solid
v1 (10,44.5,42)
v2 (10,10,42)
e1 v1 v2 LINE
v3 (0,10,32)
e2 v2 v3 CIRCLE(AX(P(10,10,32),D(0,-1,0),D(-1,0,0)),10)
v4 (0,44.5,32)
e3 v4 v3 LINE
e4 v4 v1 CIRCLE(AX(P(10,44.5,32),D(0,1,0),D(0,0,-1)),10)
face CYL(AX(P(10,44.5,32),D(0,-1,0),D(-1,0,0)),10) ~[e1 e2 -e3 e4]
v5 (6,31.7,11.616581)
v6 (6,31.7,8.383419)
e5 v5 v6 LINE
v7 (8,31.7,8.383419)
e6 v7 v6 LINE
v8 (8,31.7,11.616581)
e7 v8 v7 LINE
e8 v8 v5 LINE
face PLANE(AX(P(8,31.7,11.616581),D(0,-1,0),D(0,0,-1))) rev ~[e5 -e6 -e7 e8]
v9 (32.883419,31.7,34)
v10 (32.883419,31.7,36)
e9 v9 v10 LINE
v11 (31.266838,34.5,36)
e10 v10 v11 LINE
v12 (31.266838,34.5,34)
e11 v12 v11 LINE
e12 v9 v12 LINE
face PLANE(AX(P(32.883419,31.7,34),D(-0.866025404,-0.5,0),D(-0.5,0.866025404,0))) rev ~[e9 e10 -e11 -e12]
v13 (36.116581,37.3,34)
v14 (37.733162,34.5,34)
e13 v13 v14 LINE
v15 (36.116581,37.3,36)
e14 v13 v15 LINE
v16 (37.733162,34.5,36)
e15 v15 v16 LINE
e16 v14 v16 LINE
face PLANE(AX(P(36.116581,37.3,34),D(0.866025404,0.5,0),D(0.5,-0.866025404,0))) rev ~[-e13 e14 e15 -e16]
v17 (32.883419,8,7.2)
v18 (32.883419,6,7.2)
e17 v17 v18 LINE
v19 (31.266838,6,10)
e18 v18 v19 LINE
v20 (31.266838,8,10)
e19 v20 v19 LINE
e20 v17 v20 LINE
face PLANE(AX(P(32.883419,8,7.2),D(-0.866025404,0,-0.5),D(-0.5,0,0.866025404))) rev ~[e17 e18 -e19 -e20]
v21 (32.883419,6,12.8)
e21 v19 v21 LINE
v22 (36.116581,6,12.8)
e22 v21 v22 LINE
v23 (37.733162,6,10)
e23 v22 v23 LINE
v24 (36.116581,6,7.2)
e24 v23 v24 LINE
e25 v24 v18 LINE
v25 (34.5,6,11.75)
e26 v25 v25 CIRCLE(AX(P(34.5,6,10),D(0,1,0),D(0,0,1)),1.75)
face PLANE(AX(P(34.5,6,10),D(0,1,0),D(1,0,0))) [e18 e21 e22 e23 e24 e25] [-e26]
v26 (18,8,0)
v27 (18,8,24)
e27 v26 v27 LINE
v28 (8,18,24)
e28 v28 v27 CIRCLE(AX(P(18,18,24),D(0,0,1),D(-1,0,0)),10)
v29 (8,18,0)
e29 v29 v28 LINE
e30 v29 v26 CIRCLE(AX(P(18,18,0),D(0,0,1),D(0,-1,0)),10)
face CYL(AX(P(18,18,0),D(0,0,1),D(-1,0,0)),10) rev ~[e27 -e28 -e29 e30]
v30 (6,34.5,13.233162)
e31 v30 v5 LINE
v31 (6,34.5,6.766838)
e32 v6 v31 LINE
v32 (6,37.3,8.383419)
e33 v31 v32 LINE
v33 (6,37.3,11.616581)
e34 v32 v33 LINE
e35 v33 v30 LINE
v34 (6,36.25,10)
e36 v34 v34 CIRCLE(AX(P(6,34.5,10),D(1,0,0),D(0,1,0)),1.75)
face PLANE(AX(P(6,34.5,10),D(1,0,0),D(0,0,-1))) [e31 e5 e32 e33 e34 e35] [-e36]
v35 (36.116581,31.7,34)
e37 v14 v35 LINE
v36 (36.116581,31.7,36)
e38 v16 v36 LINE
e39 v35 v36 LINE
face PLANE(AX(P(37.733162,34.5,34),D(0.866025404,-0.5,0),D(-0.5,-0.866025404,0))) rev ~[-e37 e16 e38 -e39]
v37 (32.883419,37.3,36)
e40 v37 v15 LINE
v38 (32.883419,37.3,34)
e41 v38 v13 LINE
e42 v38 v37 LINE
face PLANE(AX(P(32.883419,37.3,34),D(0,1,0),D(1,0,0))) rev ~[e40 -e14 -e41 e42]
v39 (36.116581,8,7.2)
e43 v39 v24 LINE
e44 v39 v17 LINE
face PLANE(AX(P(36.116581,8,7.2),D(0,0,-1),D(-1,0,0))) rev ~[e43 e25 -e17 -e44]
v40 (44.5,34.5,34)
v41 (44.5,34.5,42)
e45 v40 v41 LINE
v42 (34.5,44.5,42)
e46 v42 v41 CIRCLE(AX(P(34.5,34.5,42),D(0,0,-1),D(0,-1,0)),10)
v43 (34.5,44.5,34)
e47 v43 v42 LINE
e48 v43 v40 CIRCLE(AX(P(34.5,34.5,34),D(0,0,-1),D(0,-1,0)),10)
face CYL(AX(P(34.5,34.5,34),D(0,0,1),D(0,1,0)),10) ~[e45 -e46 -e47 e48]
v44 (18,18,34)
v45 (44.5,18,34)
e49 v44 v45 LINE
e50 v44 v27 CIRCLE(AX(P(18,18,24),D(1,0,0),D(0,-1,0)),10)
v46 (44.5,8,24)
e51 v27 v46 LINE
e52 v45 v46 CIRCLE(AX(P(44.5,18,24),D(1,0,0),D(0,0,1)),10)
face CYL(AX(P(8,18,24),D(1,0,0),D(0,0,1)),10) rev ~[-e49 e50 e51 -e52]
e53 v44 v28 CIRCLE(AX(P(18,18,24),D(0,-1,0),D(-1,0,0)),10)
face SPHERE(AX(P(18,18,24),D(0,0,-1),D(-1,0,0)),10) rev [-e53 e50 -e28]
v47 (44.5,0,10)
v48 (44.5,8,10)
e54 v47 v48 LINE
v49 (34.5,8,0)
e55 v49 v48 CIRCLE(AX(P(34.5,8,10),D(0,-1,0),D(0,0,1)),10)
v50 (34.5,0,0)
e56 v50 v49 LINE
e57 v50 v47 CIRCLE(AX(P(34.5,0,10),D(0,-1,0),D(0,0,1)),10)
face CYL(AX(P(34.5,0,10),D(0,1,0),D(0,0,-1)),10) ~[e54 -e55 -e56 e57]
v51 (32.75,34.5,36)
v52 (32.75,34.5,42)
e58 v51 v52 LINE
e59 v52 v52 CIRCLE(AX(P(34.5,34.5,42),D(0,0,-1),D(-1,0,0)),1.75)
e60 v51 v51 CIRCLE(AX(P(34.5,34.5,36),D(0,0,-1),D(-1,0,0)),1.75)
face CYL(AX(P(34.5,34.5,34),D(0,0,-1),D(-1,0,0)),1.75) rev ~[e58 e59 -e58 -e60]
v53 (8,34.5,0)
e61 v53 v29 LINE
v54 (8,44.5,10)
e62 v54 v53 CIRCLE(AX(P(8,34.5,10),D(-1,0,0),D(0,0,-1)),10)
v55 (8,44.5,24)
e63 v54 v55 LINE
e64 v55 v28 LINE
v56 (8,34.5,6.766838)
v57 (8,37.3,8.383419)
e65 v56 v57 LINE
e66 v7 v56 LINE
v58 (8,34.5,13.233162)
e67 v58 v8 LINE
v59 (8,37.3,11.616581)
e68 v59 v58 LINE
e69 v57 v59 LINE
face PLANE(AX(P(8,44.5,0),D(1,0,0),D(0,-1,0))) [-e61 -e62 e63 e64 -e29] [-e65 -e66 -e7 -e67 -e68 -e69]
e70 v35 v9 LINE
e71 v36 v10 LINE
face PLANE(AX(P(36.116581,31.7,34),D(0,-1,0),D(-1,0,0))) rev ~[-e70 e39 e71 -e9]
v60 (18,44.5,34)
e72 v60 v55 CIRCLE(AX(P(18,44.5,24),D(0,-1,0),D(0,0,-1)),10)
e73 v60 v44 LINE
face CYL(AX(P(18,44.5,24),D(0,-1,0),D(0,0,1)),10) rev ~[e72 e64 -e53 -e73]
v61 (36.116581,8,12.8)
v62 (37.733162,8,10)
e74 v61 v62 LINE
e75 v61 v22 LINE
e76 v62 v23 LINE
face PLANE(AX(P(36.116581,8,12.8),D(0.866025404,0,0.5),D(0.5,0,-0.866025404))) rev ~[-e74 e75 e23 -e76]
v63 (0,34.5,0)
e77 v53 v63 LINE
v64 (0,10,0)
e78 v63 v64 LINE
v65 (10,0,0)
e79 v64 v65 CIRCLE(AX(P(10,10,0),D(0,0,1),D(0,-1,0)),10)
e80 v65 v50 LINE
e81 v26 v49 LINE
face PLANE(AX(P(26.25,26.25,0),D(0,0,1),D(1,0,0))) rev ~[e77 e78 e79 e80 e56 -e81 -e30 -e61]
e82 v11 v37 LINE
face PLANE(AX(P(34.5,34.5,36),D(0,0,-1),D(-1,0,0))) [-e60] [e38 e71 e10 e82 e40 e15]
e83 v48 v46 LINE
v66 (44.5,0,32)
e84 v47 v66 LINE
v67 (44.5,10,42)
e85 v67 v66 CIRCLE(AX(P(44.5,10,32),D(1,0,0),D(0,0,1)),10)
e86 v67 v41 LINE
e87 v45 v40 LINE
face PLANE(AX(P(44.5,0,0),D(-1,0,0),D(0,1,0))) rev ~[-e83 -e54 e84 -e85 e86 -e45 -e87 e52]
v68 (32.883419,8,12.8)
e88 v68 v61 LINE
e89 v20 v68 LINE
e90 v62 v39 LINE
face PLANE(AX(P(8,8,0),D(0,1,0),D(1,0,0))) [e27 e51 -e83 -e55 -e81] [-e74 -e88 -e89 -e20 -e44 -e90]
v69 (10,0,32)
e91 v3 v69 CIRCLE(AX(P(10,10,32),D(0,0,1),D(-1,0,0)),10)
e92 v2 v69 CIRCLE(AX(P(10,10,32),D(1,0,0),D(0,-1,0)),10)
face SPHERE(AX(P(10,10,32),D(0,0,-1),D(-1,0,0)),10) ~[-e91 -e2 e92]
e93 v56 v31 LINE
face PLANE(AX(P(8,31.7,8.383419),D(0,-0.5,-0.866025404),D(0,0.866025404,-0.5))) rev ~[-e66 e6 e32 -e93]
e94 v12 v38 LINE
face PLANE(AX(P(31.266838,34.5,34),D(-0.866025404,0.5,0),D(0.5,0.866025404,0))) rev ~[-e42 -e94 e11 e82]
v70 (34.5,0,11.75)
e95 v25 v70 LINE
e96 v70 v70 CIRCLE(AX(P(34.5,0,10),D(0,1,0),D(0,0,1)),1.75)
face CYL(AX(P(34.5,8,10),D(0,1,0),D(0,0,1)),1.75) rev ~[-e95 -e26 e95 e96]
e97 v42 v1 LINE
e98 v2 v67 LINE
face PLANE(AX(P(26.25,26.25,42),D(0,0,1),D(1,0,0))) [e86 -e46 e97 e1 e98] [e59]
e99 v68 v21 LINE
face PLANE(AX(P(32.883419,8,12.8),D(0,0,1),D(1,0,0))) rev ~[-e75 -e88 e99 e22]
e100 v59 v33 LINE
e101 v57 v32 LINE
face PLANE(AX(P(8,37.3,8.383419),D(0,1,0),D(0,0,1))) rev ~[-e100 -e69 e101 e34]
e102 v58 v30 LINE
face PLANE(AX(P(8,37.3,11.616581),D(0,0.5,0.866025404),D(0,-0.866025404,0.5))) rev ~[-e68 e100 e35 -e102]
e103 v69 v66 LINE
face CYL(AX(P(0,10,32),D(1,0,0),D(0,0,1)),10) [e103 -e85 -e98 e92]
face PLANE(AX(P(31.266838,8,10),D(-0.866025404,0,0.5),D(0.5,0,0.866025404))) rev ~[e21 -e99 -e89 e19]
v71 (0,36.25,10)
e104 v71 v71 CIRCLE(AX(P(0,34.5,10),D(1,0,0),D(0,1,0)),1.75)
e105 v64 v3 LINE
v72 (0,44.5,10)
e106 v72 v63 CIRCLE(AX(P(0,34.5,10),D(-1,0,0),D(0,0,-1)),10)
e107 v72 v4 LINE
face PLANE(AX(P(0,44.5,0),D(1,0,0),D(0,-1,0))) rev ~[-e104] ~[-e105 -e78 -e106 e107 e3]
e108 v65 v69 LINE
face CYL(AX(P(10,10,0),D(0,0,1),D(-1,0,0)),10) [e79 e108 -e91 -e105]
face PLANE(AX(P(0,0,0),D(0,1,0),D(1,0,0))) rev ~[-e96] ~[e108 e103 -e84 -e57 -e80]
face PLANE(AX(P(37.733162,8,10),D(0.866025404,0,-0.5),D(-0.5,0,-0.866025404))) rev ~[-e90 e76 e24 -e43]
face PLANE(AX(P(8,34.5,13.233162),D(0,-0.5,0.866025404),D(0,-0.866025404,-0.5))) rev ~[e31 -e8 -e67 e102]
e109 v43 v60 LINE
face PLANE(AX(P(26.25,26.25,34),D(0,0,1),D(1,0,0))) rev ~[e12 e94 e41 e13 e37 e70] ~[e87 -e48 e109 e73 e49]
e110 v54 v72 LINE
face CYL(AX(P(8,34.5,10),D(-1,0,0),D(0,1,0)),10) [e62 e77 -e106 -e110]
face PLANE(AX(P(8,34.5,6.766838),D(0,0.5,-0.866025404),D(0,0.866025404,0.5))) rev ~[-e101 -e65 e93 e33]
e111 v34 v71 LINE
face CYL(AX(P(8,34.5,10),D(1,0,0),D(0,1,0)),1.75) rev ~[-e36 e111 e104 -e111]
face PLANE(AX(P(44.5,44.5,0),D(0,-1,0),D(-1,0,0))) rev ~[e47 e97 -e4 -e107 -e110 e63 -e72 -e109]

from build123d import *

# Parameters (mm, degrees)
SKETCH1_W           = 4
SKETCH1_H           = 10
SKETCH1_H_2         = 30.5
SKETCH1_W_2         = 34.5
SKETCH1_H_3         = 4
SKETCH1_W_3         = 26.5
SKETCH1_W_4         = 10
BOSS_EXTRUDE1_DEPTH = 42
CUT_EXTRUDE1_DEPTH  = 34
SKETCH3_R           = 1.75
CUT_EXTRUDE2_DEPTH  = 72.529714105
SKETCH3_3_R         = 1.75
CUT_EXTRUDE3_DEPTH  = 2
SKETCH4_R           = 1.75
CUT_EXTRUDE4_DEPTH  = 72.249561402
SKETCH4_3_R         = 1.75
CUT_EXTRUDE5_DEPTH  = 2
SKETCH5_R           = 1.75
CUT_EXTRUDE6_DEPTH  = 72.249561402
SKETCH5_3_R         = 1.75
CUT_EXTRUDE7_DEPTH  = 2
FILLET1_R           = 10


with BuildPart() as part:
    # Sketch1 → Boss-Extrude1 (new body)
    with BuildSketch(Plane.XY):
        Polygon((8, 8), (34.5, 8), (44.5, 8), (44.5, 44.5), (8, 44.5), (8, 34.5), align=None)
        with Locations((6, 39.5)):
            Rectangle(SKETCH1_W, SKETCH1_H)
        with Locations((2, 39.5)):
            Rectangle(SKETCH1_W, SKETCH1_H)
        with Locations((2, 19.25)):
            Rectangle(SKETCH1_W, SKETCH1_H_2)
        Polygon((4, 34.5), (4, 4), (8, 4), (8, 8), (8, 34.5), align=None)
        with Locations((17.25, 2)):
            Rectangle(SKETCH1_W_2, SKETCH1_H_3)
        with Locations((21.25, 6)):
            Rectangle(SKETCH1_W_3, SKETCH1_H_3)
        with Locations((39.5, 6)):
            Rectangle(SKETCH1_W_4, SKETCH1_H_3)
        with Locations((39.5, 2)):
            Rectangle(SKETCH1_W_4, SKETCH1_H_3)
    extrude(amount=BOSS_EXTRUDE1_DEPTH)

    # Sketch1<3> → Cut-Extrude1 (cut)
    with BuildSketch(Plane.XY):
        Polygon((8, 8), (34.5, 8), (44.5, 8), (44.5, 44.5), (8, 44.5), (8, 34.5), align=None)
    extrude(amount=CUT_EXTRUDE1_DEPTH, mode=Mode.SUBTRACT)

    # Sketch3 → Cut-Extrude2 (cut, through all)
    with BuildSketch(Plane(origin=(0, 0, 34), x_dir=(-1, 0, 0), z_dir=(0, 0, -1))):
        with Locations((-34.5, 34.5)):
            Circle(SKETCH3_R)
    extrude(amount=-CUT_EXTRUDE2_DEPTH, mode=Mode.SUBTRACT)

    # Sketch3<3> → Cut-Extrude3 (cut)
    with BuildSketch(Plane(origin=(0, 0, 34), x_dir=(-1, 0, 0), z_dir=(0, 0, -1))):
        Polygon((-31.266838493, 34.5), (-32.883419246, 37.3), (-36.116580754, 37.3), (-37.733161507, 34.5), (-36.116580754, 31.7), (-32.883419246, 31.7), align=None)
        with Locations((-34.5, 34.5)):
            Circle(SKETCH3_3_R, mode=Mode.SUBTRACT)
    extrude(amount=-CUT_EXTRUDE3_DEPTH, mode=Mode.SUBTRACT)

    # Sketch4 → Cut-Extrude4 (cut, through all)
    with BuildSketch(Plane(origin=(8, 0, 0), x_dir=(0, 0, -1), z_dir=(1, 0, 0))):
        with Locations(Location((-10, 34.5, 0), (0, 0, 90))):
            Circle(SKETCH4_R)
    extrude(amount=-CUT_EXTRUDE4_DEPTH, mode=Mode.SUBTRACT)

    # Sketch4<3> → Cut-Extrude5 (cut)
    with BuildSketch(Plane(origin=(8, 0, 0), x_dir=(0, 0, -1), z_dir=(1, 0, 0))):
        Polygon((-6.766838493, 34.5), (-8.383419246, 37.3), (-11.616580754, 37.3), (-13.233161507, 34.5), (-11.616580754, 31.7), (-8.383419246, 31.7), align=None)
        with Locations(Location((-10, 34.5, 0), (0, 0, 90))):
            Circle(SKETCH4_3_R, mode=Mode.SUBTRACT)
    extrude(amount=-CUT_EXTRUDE5_DEPTH, mode=Mode.SUBTRACT)

    # Sketch5 → Cut-Extrude6 (cut, through all)
    with BuildSketch(Plane(origin=(0, 8, 0), x_dir=(1, 0, 0), z_dir=(0, 1, 0))):
        with Locations(Location((34.5, -10, 0), (0, 0, 270))):
            Circle(SKETCH5_R)
    extrude(amount=-CUT_EXTRUDE6_DEPTH, mode=Mode.SUBTRACT)

    # Sketch5<3> → Cut-Extrude7 (cut)
    with BuildSketch(Plane(origin=(0, 8, 0), x_dir=(1, 0, 0), z_dir=(0, 1, 0))):
        Polygon((37.733161507, -10), (36.116580754, -7.2), (32.883419246, -7.2), (31.266838493, -10), (32.883419246, -12.8), (36.116580754, -12.8), align=None)
        with Locations(Location((34.5, -10, 0), (0, 0, 270))):
            Circle(SKETCH5_3_R, mode=Mode.SUBTRACT)
    extrude(amount=-CUT_EXTRUDE7_DEPTH, mode=Mode.SUBTRACT)

    # Fillet1
    fillet1_edges = [part.edges().sort_by_distance(p)[0] for p in [
        (44.5, 44.5, 38),
        (0, 0, 21),
        (0, 22.25, 42),
        (44.5, 4, 0),
        (22.25, 0, 42),
        (8, 8, 17),
        (8, 26.25, 34),
        (26.25, 8, 34),
        (4, 44.5, 0),
    ]]
    fillet(fillet1_edges, radius=FILLET1_R)


solid = part.part
